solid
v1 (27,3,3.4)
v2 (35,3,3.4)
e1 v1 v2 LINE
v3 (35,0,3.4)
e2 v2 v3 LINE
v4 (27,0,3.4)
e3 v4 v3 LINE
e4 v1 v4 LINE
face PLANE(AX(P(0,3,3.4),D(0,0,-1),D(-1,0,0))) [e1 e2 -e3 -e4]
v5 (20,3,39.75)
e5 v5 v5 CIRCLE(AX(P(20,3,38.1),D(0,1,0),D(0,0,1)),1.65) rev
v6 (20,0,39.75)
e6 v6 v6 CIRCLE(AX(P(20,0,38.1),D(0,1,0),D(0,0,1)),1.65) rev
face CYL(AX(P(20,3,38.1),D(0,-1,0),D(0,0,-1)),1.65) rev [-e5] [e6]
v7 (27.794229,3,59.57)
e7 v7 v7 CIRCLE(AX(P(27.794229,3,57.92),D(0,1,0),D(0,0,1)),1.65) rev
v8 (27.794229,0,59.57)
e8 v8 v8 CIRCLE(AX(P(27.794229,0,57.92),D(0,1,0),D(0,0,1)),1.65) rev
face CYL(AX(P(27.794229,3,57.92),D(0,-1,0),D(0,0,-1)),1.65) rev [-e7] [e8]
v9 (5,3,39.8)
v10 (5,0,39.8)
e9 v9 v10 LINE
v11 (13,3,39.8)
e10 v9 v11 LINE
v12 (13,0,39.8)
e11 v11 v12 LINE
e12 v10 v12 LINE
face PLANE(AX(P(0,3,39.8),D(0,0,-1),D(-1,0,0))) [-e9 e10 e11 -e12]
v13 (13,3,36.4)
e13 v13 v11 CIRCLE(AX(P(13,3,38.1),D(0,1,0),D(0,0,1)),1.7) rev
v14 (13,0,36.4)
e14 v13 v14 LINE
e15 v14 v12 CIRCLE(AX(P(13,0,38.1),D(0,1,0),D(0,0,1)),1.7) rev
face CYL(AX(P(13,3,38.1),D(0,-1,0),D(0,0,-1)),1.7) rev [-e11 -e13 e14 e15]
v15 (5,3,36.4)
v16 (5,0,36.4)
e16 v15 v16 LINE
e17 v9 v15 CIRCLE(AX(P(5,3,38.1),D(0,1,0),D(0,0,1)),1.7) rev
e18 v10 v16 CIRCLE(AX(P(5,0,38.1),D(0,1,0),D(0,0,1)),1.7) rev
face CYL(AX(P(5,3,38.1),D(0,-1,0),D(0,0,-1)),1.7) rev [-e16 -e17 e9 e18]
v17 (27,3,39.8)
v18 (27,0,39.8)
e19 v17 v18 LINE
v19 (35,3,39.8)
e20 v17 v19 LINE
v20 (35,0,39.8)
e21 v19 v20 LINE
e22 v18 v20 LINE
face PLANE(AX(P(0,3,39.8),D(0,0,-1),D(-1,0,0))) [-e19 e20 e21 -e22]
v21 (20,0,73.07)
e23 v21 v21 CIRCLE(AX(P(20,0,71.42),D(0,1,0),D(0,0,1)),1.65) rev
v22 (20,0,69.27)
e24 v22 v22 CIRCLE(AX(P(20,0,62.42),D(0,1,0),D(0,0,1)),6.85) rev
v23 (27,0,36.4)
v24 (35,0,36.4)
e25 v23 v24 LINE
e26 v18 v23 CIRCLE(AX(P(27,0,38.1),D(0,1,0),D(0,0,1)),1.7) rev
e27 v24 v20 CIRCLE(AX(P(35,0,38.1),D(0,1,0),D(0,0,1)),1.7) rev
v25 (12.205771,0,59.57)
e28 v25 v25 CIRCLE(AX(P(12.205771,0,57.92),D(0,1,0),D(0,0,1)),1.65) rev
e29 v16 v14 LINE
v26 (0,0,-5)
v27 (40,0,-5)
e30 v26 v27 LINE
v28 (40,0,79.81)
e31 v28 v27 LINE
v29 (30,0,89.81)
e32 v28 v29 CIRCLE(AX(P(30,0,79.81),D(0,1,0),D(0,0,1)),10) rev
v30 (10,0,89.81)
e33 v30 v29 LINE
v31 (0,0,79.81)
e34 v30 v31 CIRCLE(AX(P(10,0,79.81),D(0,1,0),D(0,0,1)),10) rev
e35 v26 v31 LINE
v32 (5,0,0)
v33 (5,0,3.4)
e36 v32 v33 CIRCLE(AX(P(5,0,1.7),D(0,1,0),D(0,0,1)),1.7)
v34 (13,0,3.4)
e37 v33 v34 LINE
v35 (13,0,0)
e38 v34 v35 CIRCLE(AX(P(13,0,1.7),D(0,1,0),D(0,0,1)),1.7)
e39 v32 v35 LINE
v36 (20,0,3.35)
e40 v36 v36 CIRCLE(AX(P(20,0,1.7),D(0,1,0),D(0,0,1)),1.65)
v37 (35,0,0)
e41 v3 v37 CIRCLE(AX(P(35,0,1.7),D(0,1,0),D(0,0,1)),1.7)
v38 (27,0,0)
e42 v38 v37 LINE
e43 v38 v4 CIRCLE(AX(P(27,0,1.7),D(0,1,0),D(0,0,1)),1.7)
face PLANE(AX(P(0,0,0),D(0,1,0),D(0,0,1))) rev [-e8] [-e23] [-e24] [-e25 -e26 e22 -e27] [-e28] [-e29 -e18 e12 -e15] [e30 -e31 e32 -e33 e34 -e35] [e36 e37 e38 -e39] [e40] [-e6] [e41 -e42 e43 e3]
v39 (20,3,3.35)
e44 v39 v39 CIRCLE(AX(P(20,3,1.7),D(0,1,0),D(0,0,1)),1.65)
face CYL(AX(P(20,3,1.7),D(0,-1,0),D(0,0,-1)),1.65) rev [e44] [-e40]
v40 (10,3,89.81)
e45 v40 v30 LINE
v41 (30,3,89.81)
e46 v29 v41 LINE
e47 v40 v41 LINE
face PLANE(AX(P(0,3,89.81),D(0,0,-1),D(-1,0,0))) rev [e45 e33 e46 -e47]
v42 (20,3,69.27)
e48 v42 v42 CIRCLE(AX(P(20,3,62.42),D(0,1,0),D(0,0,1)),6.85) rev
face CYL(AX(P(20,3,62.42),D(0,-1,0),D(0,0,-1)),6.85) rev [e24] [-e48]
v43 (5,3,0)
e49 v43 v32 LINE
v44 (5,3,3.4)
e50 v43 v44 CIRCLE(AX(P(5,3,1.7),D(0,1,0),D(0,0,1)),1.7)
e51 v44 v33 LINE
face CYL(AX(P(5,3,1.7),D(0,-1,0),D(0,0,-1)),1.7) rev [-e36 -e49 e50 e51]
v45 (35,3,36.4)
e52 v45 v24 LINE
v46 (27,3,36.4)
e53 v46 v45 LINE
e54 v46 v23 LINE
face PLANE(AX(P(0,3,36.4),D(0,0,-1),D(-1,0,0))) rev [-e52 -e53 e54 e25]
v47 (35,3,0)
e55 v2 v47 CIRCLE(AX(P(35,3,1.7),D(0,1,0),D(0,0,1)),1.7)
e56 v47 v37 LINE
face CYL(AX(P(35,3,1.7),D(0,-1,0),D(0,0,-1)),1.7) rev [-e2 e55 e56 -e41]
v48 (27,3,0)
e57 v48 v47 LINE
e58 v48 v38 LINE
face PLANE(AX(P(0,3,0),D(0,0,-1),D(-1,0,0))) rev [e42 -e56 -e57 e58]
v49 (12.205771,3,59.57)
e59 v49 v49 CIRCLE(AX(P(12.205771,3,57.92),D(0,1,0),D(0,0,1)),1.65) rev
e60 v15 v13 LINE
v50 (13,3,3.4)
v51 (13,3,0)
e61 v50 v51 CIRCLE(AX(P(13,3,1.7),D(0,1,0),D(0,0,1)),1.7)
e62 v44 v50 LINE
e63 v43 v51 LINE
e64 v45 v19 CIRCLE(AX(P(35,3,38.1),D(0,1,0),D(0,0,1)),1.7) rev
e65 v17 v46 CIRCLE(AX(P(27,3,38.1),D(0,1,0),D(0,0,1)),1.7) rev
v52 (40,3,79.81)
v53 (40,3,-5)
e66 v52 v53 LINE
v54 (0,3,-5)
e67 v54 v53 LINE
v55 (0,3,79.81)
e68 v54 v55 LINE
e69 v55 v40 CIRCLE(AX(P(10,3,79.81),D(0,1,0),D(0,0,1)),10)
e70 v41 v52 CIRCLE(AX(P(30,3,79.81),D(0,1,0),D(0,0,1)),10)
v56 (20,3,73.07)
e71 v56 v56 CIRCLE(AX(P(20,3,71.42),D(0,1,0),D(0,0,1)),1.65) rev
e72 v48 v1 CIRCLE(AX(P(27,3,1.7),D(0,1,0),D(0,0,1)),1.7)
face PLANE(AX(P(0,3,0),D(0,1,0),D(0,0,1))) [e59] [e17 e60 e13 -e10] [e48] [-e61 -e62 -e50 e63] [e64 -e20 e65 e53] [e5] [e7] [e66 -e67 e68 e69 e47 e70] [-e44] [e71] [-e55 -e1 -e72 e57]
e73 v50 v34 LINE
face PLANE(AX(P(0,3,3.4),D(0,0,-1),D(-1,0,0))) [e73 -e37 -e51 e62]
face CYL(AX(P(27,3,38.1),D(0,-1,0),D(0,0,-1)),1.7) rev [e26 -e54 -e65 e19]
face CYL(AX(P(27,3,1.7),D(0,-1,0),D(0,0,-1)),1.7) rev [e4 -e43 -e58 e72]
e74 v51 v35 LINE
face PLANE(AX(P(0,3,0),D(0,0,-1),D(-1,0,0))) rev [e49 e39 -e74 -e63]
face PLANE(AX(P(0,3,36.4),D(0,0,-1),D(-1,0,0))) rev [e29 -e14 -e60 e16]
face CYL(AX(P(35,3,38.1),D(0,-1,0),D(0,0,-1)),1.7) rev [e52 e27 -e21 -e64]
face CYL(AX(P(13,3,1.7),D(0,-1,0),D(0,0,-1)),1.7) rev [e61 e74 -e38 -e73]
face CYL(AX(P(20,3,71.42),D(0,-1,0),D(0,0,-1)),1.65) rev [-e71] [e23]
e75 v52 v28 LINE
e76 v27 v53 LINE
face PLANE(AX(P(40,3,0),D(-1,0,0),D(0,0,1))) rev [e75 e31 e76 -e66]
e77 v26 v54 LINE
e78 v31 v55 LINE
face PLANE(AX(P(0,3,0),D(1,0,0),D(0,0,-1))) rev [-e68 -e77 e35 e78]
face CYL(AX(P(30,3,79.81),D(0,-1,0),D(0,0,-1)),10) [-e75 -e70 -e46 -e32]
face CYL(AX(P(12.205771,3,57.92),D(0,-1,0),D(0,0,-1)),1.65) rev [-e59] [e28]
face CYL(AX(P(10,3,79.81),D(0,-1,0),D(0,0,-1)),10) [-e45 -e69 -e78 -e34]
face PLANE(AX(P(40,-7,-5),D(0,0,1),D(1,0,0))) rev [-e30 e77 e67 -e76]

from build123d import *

# Parameters (mm, degrees)
SKETCH_1_R          = 1.65
SKETCH_1_R_2        = 6.85
EXTRUDE_1_DEPTH     = 3
FILLET_1_R          = 10
SKETCH_2_W          = 40
SKETCH_2_H          = 72.562953015
CUT_EXTRUDE_1_DEPTH = 10


with BuildPart() as part:
    # 草图1 → 凸台-拉伸1 (new body)
    with BuildSketch(Plane(origin=(0, 0, 0), x_dir=(1, 0, 0), z_dir=(0, 1, 0))):
        Polygon((0, 0), (0, 50.01), (40, 50.01), (40, 0), (40, -89.81), (0, -89.81), align=None)
        with Locations(Location((20, -1.7, 0), (0, 0, 270))):
            Circle(SKETCH_1_R, mode=Mode.SUBTRACT)
        with Locations(Location((20, -38.1, 0), (0, 0, 270))):
            Circle(SKETCH_1_R, mode=Mode.SUBTRACT)
        with Locations(Location((20, 31.62, 0), (0, 0, 270))):
            Circle(SKETCH_1_R, mode=Mode.SUBTRACT)
        with Locations(Location((27.794228634, 18.12, 0), (0, 0, 270))):
            Circle(SKETCH_1_R, mode=Mode.SUBTRACT)
        with Locations(Location((12.205771366, 18.12, 0), (0, 0, 270))):
            Circle(SKETCH_1_R, mode=Mode.SUBTRACT)
        with Locations(Location((27.794228634, -57.92, 0), (0, 0, 270))):
            Circle(SKETCH_1_R, mode=Mode.SUBTRACT)
        with Locations(Location((12.205771366, -57.92, 0), (0, 0, 270))):
            Circle(SKETCH_1_R, mode=Mode.SUBTRACT)
        with Locations(Location((20, -71.42, 0), (0, 0, 270))):
            Circle(SKETCH_1_R, mode=Mode.SUBTRACT)
        with Locations(Location((20, 22.62, 0), (0, 0, 270))):
            Circle(SKETCH_1_R_2, mode=Mode.SUBTRACT)
        with Locations(Location((20, -62.42, 0), (0, 0, 270))):
            Circle(SKETCH_1_R_2, mode=Mode.SUBTRACT)
        with BuildLine():
            Line((5, 0), (13, 0))
            ThreePointArc((13, 0), (14.7, -1.7), (13, -3.4))
            Line((13, -3.4), (5, -3.4))
            ThreePointArc((5, -3.4), (3.3, -1.7), (5, 0))
        make_face(mode=Mode.SUBTRACT)
        with BuildLine():
            Line((27, 0), (35, 0))
            ThreePointArc((35, 0), (36.7, -1.7), (35, -3.4))
            Line((35, -3.4), (27, -3.4))
            ThreePointArc((27, -3.4), (25.3, -1.7), (27, 0))
        make_face(mode=Mode.SUBTRACT)
        with BuildLine():
            Line((27, -39.8), (35, -39.8))
            ThreePointArc((35, -39.8), (36.7, -38.1), (35, -36.4))
            Line((35, -36.4), (27, -36.4))
            ThreePointArc((27, -36.4), (25.3, -38.1), (27, -39.8))
        make_face(mode=Mode.SUBTRACT)
        with BuildLine():
            Line((5, -39.8), (13, -39.8))
            ThreePointArc((13, -39.8), (14.7, -38.1), (13, -36.4))
            Line((13, -36.4), (5, -36.4))
            ThreePointArc((5, -36.4), (3.3, -38.1), (5, -39.8))
        make_face(mode=Mode.SUBTRACT)
    extrude(amount=EXTRUDE_1_DEPTH)

    # 圆角1
    fillet_1_edges = [part.edges().sort_by_distance(p)[0] for p in [
        (0, 1.5, -50.01),
        (40, 1.5, -50.01),
        (40, 1.5, 89.81),
        (0, 1.5, 89.81),
    ]]
    fillet(fillet_1_edges, radius=FILLET_1_R)

    # 草图2 → 切除-拉伸1 (cut)
    with BuildSketch(Plane(origin=(0, 3, 0), x_dir=(1, 0, 0), z_dir=(0, 1, 0))):
        with Locations((20, 41.281476508)):
            Rectangle(SKETCH_2_W, SKETCH_2_H)
    extrude(amount=-CUT_EXTRUDE_1_DEPTH, mode=Mode.SUBTRACT)


solid = part.part
